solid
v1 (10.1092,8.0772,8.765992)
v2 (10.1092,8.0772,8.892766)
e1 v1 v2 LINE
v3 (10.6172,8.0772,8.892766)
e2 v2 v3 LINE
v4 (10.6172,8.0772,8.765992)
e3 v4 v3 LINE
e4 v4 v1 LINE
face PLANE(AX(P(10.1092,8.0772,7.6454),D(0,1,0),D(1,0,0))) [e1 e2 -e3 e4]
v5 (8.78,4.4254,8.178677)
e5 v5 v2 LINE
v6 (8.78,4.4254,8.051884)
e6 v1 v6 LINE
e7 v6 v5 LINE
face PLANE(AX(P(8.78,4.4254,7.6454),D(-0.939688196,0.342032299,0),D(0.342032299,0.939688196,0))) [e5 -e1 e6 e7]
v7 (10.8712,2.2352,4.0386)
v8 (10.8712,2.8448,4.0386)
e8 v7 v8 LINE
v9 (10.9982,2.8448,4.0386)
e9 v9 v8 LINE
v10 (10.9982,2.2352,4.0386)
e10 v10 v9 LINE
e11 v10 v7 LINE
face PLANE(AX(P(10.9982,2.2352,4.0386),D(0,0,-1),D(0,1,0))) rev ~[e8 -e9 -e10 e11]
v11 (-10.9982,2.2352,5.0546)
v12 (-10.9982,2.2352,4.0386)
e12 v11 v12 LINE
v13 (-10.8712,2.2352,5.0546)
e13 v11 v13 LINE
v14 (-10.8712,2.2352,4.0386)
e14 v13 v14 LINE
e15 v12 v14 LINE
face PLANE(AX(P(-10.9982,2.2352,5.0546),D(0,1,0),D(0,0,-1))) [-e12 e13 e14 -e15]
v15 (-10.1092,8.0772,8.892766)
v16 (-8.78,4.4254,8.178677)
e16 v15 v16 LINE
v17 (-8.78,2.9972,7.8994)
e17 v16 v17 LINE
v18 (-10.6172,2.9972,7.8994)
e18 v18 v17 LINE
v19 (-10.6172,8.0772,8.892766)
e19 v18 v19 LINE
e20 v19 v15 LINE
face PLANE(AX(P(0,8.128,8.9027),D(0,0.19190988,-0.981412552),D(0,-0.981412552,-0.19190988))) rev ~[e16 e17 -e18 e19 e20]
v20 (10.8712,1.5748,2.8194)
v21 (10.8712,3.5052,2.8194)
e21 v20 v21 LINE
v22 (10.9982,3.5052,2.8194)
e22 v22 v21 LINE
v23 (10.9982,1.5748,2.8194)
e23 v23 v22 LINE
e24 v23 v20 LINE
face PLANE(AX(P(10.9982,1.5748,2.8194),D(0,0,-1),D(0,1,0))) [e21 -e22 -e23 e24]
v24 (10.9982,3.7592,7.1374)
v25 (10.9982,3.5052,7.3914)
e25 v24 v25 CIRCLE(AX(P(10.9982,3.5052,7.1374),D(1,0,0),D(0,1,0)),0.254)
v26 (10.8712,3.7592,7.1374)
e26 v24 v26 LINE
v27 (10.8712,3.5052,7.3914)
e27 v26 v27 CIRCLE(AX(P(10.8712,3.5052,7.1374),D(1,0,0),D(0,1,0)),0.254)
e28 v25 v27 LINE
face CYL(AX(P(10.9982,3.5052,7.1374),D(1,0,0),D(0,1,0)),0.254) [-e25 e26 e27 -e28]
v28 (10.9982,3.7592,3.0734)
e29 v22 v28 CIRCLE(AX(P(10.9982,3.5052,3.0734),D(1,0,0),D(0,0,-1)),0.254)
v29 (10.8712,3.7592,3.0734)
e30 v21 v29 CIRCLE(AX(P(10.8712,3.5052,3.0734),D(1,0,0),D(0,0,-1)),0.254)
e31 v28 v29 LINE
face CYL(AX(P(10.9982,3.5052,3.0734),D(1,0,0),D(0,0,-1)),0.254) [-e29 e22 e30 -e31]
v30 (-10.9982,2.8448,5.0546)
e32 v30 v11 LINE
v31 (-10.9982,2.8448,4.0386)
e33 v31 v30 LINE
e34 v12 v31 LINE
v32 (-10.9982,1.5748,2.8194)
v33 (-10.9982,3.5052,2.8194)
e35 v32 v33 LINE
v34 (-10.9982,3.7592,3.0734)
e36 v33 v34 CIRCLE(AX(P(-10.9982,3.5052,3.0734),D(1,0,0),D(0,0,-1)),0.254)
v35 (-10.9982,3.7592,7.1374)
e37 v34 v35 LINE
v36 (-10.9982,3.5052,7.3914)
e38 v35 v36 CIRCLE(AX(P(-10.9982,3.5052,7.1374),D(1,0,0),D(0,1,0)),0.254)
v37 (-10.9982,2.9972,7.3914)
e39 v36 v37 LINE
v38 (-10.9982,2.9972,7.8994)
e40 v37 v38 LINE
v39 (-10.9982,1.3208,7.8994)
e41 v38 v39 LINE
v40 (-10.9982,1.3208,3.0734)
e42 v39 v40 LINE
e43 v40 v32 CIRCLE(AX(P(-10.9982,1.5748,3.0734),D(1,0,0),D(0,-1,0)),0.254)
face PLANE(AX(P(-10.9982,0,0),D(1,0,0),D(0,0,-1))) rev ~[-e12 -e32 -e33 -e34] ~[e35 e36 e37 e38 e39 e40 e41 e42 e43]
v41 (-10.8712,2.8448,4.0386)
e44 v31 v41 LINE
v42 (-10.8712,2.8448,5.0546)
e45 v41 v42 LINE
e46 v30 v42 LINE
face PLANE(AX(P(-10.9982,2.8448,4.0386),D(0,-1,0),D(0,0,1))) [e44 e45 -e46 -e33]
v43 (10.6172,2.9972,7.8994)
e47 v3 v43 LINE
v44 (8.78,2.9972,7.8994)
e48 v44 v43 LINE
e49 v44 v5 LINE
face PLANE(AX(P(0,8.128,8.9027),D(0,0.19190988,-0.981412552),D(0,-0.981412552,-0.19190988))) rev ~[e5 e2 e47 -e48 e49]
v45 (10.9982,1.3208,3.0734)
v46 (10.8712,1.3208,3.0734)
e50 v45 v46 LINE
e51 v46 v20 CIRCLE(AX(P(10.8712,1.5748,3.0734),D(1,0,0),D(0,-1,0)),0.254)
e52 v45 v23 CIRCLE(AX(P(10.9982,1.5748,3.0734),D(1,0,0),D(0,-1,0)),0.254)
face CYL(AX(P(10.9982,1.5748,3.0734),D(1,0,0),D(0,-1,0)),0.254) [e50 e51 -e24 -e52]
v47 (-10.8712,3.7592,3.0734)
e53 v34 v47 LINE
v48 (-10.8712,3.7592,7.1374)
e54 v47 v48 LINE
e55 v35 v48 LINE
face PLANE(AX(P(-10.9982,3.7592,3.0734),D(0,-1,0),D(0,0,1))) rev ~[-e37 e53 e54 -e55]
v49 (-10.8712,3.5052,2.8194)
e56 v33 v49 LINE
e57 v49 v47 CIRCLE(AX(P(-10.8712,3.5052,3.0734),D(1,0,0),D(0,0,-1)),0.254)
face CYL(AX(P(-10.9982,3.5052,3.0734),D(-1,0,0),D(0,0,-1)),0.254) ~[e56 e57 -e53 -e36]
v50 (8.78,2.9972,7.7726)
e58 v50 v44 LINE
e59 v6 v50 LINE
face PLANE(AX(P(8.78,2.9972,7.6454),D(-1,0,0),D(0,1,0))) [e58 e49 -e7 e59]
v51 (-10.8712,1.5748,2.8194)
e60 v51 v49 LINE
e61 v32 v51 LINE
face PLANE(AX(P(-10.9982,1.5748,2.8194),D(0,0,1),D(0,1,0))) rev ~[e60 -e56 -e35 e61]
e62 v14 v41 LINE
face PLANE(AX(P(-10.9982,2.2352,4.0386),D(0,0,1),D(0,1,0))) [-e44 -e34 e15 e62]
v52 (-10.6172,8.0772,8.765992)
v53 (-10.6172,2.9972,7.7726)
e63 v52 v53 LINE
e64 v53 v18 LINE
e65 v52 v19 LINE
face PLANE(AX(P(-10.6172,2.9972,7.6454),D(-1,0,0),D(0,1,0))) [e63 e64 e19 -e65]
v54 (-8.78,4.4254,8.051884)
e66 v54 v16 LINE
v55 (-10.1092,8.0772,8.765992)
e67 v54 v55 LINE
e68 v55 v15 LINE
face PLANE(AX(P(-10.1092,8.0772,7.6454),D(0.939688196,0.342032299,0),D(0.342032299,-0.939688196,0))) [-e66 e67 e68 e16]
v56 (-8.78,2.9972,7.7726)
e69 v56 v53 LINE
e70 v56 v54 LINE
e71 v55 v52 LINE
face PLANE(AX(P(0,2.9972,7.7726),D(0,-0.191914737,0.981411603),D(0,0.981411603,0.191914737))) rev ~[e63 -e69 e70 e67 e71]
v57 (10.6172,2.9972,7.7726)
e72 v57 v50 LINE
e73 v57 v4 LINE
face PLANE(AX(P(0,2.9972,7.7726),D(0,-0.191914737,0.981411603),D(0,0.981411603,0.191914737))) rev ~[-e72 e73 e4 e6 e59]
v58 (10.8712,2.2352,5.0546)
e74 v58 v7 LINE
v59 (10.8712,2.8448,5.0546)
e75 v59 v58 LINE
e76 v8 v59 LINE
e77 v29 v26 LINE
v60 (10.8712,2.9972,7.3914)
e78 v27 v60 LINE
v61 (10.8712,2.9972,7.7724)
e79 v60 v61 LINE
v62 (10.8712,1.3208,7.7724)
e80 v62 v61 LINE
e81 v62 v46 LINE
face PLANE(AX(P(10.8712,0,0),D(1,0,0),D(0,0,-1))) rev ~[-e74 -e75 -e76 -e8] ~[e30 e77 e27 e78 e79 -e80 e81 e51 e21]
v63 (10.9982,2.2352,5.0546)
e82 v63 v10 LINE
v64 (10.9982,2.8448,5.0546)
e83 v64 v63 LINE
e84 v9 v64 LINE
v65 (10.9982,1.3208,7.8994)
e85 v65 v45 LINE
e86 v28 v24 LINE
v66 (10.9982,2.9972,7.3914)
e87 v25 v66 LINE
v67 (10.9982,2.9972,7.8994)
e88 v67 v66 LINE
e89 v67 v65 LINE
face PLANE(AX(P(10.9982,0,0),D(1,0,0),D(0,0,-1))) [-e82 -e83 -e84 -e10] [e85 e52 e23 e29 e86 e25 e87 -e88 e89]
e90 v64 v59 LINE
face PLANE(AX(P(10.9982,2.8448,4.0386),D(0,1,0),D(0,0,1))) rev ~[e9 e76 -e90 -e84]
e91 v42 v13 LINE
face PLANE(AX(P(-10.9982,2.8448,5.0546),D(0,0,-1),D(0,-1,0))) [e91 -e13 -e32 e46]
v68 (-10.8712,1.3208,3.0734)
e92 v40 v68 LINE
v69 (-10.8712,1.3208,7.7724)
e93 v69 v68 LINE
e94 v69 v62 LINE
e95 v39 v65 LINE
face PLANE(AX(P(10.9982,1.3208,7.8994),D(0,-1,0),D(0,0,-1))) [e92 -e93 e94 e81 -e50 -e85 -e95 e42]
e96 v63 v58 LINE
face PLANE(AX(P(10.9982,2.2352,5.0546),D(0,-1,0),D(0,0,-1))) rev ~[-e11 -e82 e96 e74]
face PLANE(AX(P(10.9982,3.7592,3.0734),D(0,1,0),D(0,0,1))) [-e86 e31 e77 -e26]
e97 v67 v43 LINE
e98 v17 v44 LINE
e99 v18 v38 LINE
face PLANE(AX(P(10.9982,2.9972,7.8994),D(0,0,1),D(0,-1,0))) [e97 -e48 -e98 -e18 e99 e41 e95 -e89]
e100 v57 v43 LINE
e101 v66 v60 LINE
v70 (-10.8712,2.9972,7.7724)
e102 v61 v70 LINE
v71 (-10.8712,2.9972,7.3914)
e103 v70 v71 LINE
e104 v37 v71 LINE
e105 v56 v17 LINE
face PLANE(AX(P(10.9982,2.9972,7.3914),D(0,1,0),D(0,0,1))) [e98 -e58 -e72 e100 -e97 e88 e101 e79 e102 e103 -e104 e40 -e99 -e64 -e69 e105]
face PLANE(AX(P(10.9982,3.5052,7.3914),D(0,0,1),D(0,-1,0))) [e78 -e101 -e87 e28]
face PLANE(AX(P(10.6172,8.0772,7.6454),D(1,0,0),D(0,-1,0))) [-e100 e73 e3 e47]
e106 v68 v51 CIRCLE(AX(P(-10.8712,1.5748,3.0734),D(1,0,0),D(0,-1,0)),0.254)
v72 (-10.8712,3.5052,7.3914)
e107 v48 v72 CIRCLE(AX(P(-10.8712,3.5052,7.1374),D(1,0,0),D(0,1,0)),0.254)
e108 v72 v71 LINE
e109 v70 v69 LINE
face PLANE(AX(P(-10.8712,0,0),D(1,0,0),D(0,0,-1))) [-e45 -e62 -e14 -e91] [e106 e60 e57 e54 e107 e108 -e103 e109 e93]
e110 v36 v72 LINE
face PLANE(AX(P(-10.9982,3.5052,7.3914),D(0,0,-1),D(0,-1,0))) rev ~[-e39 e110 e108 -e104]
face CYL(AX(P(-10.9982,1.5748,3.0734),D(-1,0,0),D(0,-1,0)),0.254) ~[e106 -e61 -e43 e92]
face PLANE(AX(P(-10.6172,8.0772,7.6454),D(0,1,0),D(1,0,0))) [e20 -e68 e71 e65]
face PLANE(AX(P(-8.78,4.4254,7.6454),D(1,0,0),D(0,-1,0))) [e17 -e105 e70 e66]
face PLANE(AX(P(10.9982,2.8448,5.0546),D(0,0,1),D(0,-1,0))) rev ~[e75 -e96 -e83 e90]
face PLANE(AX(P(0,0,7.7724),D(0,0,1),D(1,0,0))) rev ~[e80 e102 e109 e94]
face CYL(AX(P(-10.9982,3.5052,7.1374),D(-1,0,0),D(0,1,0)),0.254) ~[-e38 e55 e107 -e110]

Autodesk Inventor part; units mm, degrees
sketch "Sketch_7" plane through (0, 0, 7.8994) normal (0, 0, 1) x (1, 0, 0)
  line L0 (-10.8712, 1.3208) -> (10.8712, 1.3208)
  line L1 (10.8712, 1.3208) -> (10.8712, 2.9972)
  line L2 (10.8712, 2.9972) -> (-10.8712, 2.9972)
  line L3 (-10.8712, 2.9972) -> (-10.8712, 1.3208)
extrude "Extrusion1" add sketch "Sketch_7" against normal blind 0.127
sketch "Sketch_11" plane through (-10.9982, 0, 0) normal (1, 0, 0) x (0, 0, -1)
  line L0 (-7.8994, 1.3208) -> (-3.0734, 1.3208)
  arc A0 (-3.0734, 1.3208) -> (-2.8194, 1.5748) centre (-3.0734, 1.5748) ccw
  line L1 (-2.8194, 1.5748) -> (-2.8194, 3.5052)
  arc A1 (-2.8194, 3.5052) -> (-3.0734, 3.7592) centre (-3.0734, 3.5052) ccw
  line L2 (-3.0734, 3.7592) -> (-7.1374, 3.7592)
  arc A2 (-7.1374, 3.7592) -> (-7.3914, 3.5052) centre (-7.1374, 3.5052) ccw
  line L3 (-7.3914, 3.5052) -> (-7.3914, 2.9972)
  line L4 (-7.3914, 2.9972) -> (-7.8994, 2.9972)
  line L5 (-7.8994, 2.9972) -> (-7.8994, 1.3208)
  line L6 (-5.0546, 2.8448) -> (-5.0546, 2.2352)
  line L7 (-5.0546, 2.2352) -> (-4.0386, 2.2352)
  line L8 (-4.0386, 2.2352) -> (-4.0386, 2.8448)
  line L9 (-4.0386, 2.8448) -> (-5.0546, 2.8448)
extrude "Extrusion2" add sketch "Sketch_11" along normal blind 0.127
sketch "Sketch_13" plane through (10.9982, 0, 0) normal (1, 0, 0) x (0, 0, -1)
  line L0 (-7.8994, 1.3208) -> (-3.0734, 1.3208)
  arc A0 (-3.0734, 1.3208) -> (-2.8194, 1.5748) centre (-3.0734, 1.5748) ccw
  line L1 (-2.8194, 1.5748) -> (-2.8194, 3.5052)
  arc A1 (-2.8194, 3.5052) -> (-3.0734, 3.7592) centre (-3.0734, 3.5052) ccw
  line L2 (-3.0734, 3.7592) -> (-7.1374, 3.7592)
  arc A2 (-7.1374, 3.7592) -> (-7.3914, 3.5052) centre (-7.1374, 3.5052) ccw
  line L3 (-7.3914, 3.5052) -> (-7.3914, 2.9972)
  line L4 (-7.3914, 2.9972) -> (-7.8994, 2.9972)
  line L5 (-7.8994, 2.9972) -> (-7.8994, 1.3208)
  line L6 (-5.0546, 2.8448) -> (-5.0546, 2.2352)
  line L7 (-5.0546, 2.2352) -> (-4.0386, 2.2352)
  line L8 (-4.0386, 2.2352) -> (-4.0386, 2.8448)
  line L9 (-4.0386, 2.8448) -> (-5.0546, 2.8448)
extrude "Extrusion3" add sketch "Sketch_13" against normal blind 0.127
sketch "Sketch_17" plane through (0, 0, 0) normal (1, 0, 0) x (0, 1, 0)
  line L0 (8.128, 8.9027) -> (2.9972, 7.8994)
  line L1 (2.9972, 7.8994) -> (2.9972, 7.7726)
  line L2 (2.9972, 7.7726) -> (8.1519, 8.7806)
  line L3 (8.1519, 8.7806) -> (8.128, 8.9027)
extrude "Extrusion4" add sketch "Sketch_17" along normal mid plane 21.336
sketch "Sketch_18" plane through (0, 0, 7.6454) normal (0, 0, 1) x (1, 0, 0)
  line L0 (-11.1252, 8.4328) -> (-11.1252, 2.9972)
  line L1 (-11.1252, 2.9972) -> (-10.6172, 2.9972)
  line L2 (-10.6172, 2.9972) -> (-10.6172, 8.0772)
  line L3 (-10.6172, 8.0772) -> (-10.1092, 8.0772)
  line L4 (-10.1092, 8.0772) -> (-8.78, 4.4254)
  line L5 (-8.78, 4.4254) -> (-8.78, 2.9972)
  line L6 (-8.78, 2.9972) -> (8.78, 2.9972)
  line L7 (8.78, 2.9972) -> (8.78, 4.4254)
  line L8 (8.78, 4.4254) -> (10.1092, 8.0772)
  line L9 (10.1092, 8.0772) -> (10.6172, 8.0772)
  line L10 (10.6172, 8.0772) -> (10.6172, 2.9972)
  line L11 (10.6172, 2.9972) -> (11.1252, 2.9972)
  line L12 (11.1252, 2.9972) -> (11.1252, 8.4328)
  line L13 (11.1252, 8.4328) -> (-11.1252, 8.4328)
extrude "Extrusion5" cut sketch "Sketch_18" along normal blind 2.794
ref_plane "metal_XY" through (0, 0, 0) normal (0, 1, 0) x (1, 0, 0)
ref_plane "metal_YZ" through (0, 0, 0) normal (1, 0, 0) x (0, 0, -1)
ref_plane "metal_ZX" through (0, 0, 0) normal (0, 0, -1) x (0, 1, 0)
properties part number "UB16NKG015F-NR"
